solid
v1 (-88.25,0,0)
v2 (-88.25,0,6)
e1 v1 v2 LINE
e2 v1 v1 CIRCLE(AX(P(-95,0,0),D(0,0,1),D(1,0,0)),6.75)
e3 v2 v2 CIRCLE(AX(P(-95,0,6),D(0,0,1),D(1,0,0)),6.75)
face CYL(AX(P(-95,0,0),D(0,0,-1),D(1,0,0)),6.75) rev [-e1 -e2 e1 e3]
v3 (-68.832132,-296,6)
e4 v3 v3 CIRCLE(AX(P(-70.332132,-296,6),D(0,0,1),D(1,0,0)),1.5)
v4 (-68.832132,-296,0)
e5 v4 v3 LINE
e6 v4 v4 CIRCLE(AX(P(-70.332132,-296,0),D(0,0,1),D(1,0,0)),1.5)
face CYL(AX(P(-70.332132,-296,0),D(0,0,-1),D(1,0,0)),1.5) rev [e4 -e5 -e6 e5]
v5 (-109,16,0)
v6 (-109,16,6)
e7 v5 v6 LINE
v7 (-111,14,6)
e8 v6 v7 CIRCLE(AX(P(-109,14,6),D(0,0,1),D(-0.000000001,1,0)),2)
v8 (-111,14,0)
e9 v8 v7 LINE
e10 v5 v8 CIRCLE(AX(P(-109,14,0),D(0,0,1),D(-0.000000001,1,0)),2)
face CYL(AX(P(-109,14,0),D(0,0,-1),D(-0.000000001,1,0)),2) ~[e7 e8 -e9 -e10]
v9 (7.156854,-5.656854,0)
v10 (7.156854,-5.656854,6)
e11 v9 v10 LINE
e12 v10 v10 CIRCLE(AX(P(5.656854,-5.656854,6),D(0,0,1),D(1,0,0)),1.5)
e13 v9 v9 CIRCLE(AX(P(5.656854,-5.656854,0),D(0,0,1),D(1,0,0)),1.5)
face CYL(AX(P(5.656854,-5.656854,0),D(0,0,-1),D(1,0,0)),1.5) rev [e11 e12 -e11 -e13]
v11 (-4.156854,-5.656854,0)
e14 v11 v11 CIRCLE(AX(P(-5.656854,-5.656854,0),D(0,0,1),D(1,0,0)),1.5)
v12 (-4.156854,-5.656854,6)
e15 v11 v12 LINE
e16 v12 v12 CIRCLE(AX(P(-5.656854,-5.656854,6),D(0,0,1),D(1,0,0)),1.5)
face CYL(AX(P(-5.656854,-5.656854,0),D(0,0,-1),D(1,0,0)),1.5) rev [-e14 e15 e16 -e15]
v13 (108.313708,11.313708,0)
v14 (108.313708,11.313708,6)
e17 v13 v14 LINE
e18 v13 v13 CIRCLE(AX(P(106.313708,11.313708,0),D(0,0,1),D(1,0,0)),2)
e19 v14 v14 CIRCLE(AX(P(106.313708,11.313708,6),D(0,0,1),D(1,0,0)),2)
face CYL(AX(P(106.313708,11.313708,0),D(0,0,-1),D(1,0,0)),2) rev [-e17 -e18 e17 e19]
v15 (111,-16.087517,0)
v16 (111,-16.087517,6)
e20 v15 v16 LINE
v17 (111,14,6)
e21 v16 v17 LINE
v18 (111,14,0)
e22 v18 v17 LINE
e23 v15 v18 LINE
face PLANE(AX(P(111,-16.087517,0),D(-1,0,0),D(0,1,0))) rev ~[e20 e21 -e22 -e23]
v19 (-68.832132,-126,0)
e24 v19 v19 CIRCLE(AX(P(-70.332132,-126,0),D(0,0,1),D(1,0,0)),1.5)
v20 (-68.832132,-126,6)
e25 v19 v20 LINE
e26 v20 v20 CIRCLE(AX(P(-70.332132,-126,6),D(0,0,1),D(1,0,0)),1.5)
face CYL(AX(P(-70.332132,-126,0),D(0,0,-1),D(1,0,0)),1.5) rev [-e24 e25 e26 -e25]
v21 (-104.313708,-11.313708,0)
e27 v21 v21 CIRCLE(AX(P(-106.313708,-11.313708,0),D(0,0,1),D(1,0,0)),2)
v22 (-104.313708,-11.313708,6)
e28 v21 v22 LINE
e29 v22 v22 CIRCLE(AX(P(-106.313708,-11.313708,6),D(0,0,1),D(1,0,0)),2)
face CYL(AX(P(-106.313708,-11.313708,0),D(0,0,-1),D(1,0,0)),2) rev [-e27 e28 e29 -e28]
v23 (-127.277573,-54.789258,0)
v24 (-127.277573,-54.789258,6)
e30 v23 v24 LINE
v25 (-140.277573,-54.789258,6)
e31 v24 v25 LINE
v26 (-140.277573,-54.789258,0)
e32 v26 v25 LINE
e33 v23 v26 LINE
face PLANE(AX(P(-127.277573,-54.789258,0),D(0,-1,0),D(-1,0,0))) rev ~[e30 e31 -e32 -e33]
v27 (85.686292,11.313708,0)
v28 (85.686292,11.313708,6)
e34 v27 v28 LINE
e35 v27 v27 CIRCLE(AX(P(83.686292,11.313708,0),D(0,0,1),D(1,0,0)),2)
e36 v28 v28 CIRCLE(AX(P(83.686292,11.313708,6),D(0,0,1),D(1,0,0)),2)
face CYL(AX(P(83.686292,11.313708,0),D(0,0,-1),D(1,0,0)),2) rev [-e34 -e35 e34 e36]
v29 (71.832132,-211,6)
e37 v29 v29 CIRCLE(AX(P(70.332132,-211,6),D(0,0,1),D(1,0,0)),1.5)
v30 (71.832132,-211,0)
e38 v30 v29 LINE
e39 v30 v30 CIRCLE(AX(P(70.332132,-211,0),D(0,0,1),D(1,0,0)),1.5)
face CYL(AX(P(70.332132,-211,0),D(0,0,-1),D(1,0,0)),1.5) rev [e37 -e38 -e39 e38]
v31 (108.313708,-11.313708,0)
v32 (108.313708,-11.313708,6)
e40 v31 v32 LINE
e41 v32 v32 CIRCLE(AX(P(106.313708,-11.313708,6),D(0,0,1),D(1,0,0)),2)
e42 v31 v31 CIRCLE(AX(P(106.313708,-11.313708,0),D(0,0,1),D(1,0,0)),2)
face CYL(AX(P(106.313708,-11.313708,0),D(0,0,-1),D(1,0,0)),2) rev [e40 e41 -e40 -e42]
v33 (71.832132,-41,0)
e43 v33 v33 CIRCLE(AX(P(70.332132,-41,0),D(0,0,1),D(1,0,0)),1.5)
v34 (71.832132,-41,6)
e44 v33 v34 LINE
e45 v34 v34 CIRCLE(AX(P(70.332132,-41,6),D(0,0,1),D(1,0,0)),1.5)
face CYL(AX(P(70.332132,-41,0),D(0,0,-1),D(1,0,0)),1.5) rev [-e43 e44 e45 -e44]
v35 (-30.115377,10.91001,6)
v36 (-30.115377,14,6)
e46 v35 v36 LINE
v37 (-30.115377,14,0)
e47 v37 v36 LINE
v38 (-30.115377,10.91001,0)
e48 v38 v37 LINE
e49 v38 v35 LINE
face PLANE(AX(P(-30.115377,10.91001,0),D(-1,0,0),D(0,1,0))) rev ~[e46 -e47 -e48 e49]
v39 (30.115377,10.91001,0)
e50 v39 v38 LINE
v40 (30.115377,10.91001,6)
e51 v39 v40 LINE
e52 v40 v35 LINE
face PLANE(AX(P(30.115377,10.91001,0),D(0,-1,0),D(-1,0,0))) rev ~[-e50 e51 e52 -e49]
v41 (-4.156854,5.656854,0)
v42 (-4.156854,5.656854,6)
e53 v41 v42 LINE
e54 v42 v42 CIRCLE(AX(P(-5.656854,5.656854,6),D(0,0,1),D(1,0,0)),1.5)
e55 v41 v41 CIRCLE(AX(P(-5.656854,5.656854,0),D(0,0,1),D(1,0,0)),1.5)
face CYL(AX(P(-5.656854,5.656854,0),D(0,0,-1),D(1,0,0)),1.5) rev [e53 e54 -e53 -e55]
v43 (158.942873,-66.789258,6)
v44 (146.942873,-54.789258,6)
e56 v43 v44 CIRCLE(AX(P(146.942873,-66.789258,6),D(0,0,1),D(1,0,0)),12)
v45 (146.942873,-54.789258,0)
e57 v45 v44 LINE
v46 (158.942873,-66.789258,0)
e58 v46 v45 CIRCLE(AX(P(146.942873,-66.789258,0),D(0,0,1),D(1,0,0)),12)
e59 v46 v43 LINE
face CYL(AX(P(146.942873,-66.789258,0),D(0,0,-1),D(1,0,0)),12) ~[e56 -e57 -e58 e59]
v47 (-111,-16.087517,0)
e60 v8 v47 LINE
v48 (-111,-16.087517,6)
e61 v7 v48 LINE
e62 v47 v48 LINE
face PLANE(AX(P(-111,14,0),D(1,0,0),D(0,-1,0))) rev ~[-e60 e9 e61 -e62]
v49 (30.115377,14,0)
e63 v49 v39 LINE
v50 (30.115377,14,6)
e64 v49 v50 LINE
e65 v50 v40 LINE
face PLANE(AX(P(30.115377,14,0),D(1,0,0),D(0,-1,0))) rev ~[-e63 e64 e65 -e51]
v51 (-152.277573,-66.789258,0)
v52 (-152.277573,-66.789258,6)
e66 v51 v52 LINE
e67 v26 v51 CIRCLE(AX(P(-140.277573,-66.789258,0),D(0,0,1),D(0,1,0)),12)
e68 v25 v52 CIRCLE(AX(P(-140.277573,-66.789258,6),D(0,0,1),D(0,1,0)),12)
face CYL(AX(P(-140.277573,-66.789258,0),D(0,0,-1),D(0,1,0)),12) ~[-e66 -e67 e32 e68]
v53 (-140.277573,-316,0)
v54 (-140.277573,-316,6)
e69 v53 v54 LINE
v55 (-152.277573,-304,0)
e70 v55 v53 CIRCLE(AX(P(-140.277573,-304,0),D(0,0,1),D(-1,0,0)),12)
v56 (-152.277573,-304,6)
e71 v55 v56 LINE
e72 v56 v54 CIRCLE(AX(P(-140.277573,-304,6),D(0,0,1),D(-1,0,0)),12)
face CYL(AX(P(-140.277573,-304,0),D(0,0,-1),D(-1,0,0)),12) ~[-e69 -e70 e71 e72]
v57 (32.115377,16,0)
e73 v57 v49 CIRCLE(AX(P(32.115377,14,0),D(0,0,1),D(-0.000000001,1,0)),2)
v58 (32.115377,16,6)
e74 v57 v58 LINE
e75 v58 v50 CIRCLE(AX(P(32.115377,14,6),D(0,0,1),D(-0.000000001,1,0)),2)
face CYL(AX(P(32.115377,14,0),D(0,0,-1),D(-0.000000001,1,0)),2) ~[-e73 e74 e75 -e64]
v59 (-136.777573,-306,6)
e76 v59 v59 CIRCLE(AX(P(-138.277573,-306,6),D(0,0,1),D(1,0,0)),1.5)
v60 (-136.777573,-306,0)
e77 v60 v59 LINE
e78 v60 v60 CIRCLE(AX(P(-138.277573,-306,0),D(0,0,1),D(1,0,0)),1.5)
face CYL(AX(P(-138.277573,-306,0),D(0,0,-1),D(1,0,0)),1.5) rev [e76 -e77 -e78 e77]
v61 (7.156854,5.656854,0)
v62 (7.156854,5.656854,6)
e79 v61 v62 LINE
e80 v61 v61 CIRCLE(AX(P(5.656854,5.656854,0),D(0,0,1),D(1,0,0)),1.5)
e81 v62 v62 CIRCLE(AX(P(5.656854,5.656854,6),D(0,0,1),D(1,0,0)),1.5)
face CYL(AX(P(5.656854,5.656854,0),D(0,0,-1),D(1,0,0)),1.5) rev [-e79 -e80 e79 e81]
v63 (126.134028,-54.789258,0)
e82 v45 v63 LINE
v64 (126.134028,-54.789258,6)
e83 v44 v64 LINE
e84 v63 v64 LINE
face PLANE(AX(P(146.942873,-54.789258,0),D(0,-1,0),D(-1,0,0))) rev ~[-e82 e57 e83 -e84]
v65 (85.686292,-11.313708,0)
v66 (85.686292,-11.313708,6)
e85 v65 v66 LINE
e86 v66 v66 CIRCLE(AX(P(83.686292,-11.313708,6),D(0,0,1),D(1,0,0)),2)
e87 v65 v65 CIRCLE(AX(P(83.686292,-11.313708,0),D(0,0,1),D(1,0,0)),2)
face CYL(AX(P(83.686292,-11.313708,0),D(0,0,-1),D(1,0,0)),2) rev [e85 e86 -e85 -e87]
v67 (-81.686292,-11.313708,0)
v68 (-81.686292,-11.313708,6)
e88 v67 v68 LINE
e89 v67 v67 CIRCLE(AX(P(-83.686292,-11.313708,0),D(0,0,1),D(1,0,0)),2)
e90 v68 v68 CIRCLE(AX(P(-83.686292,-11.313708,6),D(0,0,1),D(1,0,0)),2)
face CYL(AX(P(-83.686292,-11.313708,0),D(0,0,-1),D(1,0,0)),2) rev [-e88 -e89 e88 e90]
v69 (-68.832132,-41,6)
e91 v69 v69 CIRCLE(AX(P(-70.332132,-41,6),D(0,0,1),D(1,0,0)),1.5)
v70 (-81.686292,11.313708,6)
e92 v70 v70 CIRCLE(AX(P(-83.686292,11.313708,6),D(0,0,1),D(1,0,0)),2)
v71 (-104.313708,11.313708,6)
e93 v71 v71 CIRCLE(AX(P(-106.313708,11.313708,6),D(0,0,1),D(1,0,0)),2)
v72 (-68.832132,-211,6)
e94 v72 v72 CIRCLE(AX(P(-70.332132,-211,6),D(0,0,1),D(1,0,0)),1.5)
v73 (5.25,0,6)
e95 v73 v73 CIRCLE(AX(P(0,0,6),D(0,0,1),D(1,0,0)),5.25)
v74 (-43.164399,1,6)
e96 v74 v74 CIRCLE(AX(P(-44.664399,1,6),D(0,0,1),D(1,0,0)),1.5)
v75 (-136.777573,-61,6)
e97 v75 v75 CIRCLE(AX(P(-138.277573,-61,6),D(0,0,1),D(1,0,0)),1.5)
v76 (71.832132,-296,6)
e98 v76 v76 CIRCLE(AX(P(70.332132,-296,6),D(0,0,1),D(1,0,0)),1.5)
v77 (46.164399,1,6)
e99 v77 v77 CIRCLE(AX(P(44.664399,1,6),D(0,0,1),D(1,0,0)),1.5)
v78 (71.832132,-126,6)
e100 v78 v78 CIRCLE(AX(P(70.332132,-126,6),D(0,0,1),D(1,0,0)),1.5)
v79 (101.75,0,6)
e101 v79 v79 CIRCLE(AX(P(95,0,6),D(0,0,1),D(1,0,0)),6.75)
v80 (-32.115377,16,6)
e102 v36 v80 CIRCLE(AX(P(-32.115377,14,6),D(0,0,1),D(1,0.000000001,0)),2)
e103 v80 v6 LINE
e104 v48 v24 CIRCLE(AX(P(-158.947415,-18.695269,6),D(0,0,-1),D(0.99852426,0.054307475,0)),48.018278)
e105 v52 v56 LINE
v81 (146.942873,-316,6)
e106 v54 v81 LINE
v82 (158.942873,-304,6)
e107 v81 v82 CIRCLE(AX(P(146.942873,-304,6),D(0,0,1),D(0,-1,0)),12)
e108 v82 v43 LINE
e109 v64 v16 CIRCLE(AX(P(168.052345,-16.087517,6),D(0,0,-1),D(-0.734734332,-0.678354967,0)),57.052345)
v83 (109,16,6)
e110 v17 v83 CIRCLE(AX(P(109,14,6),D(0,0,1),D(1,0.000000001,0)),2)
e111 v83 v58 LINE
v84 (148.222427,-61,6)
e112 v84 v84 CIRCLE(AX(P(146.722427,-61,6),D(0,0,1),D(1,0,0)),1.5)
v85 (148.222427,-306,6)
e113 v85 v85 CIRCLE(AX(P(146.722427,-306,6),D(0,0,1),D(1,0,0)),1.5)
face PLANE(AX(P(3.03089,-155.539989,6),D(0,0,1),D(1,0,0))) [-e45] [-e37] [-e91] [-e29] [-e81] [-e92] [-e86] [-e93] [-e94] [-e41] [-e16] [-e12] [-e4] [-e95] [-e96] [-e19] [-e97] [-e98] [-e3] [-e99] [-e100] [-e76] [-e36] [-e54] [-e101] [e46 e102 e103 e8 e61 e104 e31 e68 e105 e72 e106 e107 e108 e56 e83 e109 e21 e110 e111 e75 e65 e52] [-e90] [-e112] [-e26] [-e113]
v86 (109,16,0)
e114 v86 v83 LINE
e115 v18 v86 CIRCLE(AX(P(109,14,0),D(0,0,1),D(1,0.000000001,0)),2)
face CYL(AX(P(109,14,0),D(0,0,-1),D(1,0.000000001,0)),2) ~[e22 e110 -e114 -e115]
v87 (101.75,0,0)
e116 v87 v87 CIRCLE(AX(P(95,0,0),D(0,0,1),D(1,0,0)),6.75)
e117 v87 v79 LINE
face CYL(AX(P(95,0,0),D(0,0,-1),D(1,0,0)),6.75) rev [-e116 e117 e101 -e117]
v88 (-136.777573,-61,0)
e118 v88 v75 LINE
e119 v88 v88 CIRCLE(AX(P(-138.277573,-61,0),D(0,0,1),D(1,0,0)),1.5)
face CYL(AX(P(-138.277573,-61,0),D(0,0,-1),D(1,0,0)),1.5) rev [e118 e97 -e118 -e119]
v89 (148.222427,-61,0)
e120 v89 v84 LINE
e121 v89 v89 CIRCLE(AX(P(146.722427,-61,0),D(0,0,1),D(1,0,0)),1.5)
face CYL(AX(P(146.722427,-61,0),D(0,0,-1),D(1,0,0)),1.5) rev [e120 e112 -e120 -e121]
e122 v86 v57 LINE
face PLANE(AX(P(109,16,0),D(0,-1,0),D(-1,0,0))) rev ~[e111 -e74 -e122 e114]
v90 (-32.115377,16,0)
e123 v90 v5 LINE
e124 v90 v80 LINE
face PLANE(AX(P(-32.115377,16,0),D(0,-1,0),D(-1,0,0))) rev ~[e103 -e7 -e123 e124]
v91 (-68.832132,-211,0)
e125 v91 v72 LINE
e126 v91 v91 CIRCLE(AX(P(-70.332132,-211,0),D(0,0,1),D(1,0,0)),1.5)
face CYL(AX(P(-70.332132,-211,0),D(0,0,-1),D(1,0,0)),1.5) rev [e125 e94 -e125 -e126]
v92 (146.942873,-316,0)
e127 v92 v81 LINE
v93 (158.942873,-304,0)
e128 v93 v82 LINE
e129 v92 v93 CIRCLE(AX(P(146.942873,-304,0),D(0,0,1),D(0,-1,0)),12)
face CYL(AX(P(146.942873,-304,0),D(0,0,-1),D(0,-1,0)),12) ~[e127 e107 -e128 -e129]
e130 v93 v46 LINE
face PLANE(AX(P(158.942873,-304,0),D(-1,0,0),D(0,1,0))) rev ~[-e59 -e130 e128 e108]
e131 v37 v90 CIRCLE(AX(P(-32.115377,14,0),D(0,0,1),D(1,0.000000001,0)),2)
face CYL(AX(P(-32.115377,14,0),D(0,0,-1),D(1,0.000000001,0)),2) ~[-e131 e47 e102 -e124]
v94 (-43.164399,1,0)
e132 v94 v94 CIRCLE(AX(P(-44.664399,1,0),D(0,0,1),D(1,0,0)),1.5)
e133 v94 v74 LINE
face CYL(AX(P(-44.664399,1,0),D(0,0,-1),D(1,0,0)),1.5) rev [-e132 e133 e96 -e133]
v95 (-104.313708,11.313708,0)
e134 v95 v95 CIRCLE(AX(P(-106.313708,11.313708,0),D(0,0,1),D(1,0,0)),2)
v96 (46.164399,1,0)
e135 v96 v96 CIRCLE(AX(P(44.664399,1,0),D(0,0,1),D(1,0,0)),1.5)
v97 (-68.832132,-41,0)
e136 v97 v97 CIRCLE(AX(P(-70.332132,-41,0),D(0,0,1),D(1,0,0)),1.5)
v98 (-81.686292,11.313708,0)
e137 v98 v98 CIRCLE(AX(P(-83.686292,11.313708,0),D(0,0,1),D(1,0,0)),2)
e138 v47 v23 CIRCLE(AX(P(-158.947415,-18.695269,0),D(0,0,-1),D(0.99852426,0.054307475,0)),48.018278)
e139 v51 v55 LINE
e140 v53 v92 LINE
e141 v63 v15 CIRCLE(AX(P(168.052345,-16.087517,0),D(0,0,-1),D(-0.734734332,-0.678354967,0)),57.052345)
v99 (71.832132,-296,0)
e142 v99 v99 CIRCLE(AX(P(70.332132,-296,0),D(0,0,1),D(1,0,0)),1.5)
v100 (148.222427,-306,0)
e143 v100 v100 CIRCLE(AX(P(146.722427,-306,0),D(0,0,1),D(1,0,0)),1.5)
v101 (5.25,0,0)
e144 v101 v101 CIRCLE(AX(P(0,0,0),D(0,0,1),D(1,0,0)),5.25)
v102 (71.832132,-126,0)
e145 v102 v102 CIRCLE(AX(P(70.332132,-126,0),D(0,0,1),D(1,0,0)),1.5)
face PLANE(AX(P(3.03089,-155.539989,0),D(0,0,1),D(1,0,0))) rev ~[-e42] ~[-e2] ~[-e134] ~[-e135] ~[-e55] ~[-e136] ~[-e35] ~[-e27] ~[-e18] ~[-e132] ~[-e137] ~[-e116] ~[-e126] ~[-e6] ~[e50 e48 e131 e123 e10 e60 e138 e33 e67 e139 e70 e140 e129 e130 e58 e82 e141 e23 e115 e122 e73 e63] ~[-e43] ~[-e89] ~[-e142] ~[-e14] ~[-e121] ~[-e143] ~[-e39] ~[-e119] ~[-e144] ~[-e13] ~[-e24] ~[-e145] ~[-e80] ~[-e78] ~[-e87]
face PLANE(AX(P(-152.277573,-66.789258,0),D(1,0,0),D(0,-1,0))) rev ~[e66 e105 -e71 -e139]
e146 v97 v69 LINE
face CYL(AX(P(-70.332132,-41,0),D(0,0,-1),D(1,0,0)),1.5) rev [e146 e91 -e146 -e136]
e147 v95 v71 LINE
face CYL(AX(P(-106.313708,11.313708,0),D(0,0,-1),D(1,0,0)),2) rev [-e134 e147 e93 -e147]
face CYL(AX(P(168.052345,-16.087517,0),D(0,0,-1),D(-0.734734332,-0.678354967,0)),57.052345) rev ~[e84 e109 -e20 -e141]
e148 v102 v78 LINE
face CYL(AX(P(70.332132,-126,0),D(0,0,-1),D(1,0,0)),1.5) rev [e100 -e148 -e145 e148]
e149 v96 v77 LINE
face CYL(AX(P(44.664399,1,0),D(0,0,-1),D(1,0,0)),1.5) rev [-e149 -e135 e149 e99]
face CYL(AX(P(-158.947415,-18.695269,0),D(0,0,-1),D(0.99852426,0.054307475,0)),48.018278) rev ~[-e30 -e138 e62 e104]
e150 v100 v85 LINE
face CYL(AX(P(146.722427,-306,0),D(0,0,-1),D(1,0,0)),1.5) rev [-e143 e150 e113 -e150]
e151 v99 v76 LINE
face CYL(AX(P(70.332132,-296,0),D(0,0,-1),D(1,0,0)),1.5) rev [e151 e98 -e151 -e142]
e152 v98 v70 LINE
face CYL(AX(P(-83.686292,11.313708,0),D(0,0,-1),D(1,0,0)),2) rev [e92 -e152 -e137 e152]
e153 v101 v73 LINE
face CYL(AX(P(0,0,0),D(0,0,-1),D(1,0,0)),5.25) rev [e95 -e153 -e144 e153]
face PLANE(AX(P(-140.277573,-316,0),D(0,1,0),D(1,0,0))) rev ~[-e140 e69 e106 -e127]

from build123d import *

# Parameters (mm, degrees)
CROQUIS1_R              = 1.5
CROQUIS1_R_2            = 2
CROQUIS1_R_3            = 6.75
CROQUIS1_R_4            = 5.25
SALIENTE_EXTRUIR1_DEPTH = 6


with BuildPart() as part:
    # Croquis1 → Saliente-Extruir1 (new body)
    with BuildSketch(Plane.XY):
        with BuildLine():
            Line((87.635637669, 16), (32.115377174, 16))
            ThreePointArc((32.115377174, 16), (30.701163612, 15.414213562), (30.115377174, 14))
            Line((30.115377174, 14), (30.115377174, 10.910010016))
            Line((30.115377174, 10.910010016), (-30.115377174, 10.910010016))
            Line((-30.115377174, 10.910010016), (-30.115377174, 14))
            ThreePointArc((-30.115377174, 14), (-30.701163612, 15.414213562), (-32.115377174, 16))
            Line((-32.115377174, 16), (-44.664398505, 16))
            Line((-44.664398505, 16), (-87.635637669, 16))
            Line((-87.635637669, 16), (-109, 16))
            ThreePointArc((-109, 16), (-110.414213562, 15.414213562), (-111, 14))
            Line((-111, 14), (-111, 0))
            Line((-111, 0), (-111, -16))
            Line((-111, -16), (-111, -16.087517131))
            ThreePointArc((-111, -16.087517131), (-114.684754838, -37.311709927), (-127.277573278, -54.789258433))
            Line((-127.277573278, -54.789258433), (-135.277573278, -54.789258433))
            Line((-135.277573278, -54.789258433), (-140.277573278, -54.789258433))
            ThreePointArc((-140.277573278, -54.789258433), (-148.762854653, -58.303977059), (-152.277573278, -66.789258433))
            Line((-152.277573278, -66.789258433), (-152.277573278, -304))
            ThreePointArc((-152.277573278, -304), (-148.762854653, -312.485281374), (-140.277573278, -316))
            Line((-140.277573278, -316), (-135.277573278, -316))
            Line((-135.277573278, -316), (-119.364295205, -316))
            Line((-119.364295205, -316), (-96, -316))
            Line((-96, -316), (-44.664398505, -316))
            Line((-44.664398505, -316), (119.364429455, -316))
            Line((119.364429455, -316), (130.295105026, -316))
            Line((130.295105026, -316), (146.942872896, -316))
            ThreePointArc((146.942872896, -316), (155.42815427, -312.485281374), (158.942872896, -304))
            Line((158.942872896, -304), (158.942872896, -70.858545673))
            Line((158.942872896, -70.858545673), (158.942872896, -66.789258433))
            ThreePointArc((158.942872896, -66.789258433), (155.42815427, -58.303977059), (146.942872896, -54.789258433))
            Line((146.942872896, -54.789258433), (126.134028278, -54.789258433))
            ThreePointArc((126.134028278, -54.789258433), (114.918041875, -36.865291264), (111, -16.087517131))
            Line((111, -16.087517131), (111, 14))
            ThreePointArc((111, 14), (110.414213562, 15.414213562), (109, 16))
            Line((109, 16), (87.635637669, 16))
        make_face()
        with Locations((-138.277573278, -306)):
            Circle(CROQUIS1_R, mode=Mode.SUBTRACT)
        with Locations((-70.332132128, -296)):
            Circle(CROQUIS1_R, mode=Mode.SUBTRACT)
        with Locations((-70.332132128, -211)):
            Circle(CROQUIS1_R, mode=Mode.SUBTRACT)
        with Locations((70.332132128, -296)):
            Circle(CROQUIS1_R, mode=Mode.SUBTRACT)
        with Locations((146.722426722, -306)):
            Circle(CROQUIS1_R, mode=Mode.SUBTRACT)
        with Locations((70.332132128, -211)):
            Circle(CROQUIS1_R, mode=Mode.SUBTRACT)
        with Locations((-70.332132128, -126)):
            Circle(CROQUIS1_R, mode=Mode.SUBTRACT)
        with Locations((-138.277573278, -61)):
            Circle(CROQUIS1_R, mode=Mode.SUBTRACT)
        with Locations((-106.313708499, -11.313708499)):
            Circle(CROQUIS1_R_2, mode=Mode.SUBTRACT)
        with Locations((-83.686291501, -11.313708499)):
            Circle(CROQUIS1_R_2, mode=Mode.SUBTRACT)
        with Locations((-95, 0)):
            Circle(CROQUIS1_R_3, mode=Mode.SUBTRACT)
        with Locations((-106.313708499, 11.313708499)):
            Circle(CROQUIS1_R_2, mode=Mode.SUBTRACT)
        with Locations((-83.686291501, 11.313708499)):
            Circle(CROQUIS1_R_2, mode=Mode.SUBTRACT)
        with Locations((-70.332132128, -41)):
            Circle(CROQUIS1_R, mode=Mode.SUBTRACT)
        with Locations((-44.664398505, 1)):
            Circle(CROQUIS1_R, mode=Mode.SUBTRACT)
        with Locations((-5.656854249, -5.656854249)):
            Circle(CROQUIS1_R, mode=Mode.SUBTRACT)
        Circle(CROQUIS1_R_4, mode=Mode.SUBTRACT)
        with Locations((-5.656854249, 5.656854249)):
            Circle(CROQUIS1_R, mode=Mode.SUBTRACT)
        with Locations((70.332132128, -126)):
            Circle(CROQUIS1_R, mode=Mode.SUBTRACT)
        with Locations((70.332132128, -41)):
            Circle(CROQUIS1_R, mode=Mode.SUBTRACT)
        with Locations((5.656854249, -5.656854249)):
            Circle(CROQUIS1_R, mode=Mode.SUBTRACT)
        with Locations((5.656854249, 5.656854249)):
            Circle(CROQUIS1_R, mode=Mode.SUBTRACT)
        with Locations((44.664398505, 1)):
            Circle(CROQUIS1_R, mode=Mode.SUBTRACT)
        with Locations((146.722426722, -61)):
            Circle(CROQUIS1_R, mode=Mode.SUBTRACT)
        with Locations((83.686291501, -11.313708499)):
            Circle(CROQUIS1_R_2, mode=Mode.SUBTRACT)
        with Locations((106.313708499, -11.313708499)):
            Circle(CROQUIS1_R_2, mode=Mode.SUBTRACT)
        with Locations((95, 0)):
            Circle(CROQUIS1_R_3, mode=Mode.SUBTRACT)
        with Locations((83.686291501, 11.313708499)):
            Circle(CROQUIS1_R_2, mode=Mode.SUBTRACT)
        with Locations((106.313708499, 11.313708499)):
            Circle(CROQUIS1_R_2, mode=Mode.SUBTRACT)
    extrude(amount=SALIENTE_EXTRUIR1_DEPTH)


solid = part.part
